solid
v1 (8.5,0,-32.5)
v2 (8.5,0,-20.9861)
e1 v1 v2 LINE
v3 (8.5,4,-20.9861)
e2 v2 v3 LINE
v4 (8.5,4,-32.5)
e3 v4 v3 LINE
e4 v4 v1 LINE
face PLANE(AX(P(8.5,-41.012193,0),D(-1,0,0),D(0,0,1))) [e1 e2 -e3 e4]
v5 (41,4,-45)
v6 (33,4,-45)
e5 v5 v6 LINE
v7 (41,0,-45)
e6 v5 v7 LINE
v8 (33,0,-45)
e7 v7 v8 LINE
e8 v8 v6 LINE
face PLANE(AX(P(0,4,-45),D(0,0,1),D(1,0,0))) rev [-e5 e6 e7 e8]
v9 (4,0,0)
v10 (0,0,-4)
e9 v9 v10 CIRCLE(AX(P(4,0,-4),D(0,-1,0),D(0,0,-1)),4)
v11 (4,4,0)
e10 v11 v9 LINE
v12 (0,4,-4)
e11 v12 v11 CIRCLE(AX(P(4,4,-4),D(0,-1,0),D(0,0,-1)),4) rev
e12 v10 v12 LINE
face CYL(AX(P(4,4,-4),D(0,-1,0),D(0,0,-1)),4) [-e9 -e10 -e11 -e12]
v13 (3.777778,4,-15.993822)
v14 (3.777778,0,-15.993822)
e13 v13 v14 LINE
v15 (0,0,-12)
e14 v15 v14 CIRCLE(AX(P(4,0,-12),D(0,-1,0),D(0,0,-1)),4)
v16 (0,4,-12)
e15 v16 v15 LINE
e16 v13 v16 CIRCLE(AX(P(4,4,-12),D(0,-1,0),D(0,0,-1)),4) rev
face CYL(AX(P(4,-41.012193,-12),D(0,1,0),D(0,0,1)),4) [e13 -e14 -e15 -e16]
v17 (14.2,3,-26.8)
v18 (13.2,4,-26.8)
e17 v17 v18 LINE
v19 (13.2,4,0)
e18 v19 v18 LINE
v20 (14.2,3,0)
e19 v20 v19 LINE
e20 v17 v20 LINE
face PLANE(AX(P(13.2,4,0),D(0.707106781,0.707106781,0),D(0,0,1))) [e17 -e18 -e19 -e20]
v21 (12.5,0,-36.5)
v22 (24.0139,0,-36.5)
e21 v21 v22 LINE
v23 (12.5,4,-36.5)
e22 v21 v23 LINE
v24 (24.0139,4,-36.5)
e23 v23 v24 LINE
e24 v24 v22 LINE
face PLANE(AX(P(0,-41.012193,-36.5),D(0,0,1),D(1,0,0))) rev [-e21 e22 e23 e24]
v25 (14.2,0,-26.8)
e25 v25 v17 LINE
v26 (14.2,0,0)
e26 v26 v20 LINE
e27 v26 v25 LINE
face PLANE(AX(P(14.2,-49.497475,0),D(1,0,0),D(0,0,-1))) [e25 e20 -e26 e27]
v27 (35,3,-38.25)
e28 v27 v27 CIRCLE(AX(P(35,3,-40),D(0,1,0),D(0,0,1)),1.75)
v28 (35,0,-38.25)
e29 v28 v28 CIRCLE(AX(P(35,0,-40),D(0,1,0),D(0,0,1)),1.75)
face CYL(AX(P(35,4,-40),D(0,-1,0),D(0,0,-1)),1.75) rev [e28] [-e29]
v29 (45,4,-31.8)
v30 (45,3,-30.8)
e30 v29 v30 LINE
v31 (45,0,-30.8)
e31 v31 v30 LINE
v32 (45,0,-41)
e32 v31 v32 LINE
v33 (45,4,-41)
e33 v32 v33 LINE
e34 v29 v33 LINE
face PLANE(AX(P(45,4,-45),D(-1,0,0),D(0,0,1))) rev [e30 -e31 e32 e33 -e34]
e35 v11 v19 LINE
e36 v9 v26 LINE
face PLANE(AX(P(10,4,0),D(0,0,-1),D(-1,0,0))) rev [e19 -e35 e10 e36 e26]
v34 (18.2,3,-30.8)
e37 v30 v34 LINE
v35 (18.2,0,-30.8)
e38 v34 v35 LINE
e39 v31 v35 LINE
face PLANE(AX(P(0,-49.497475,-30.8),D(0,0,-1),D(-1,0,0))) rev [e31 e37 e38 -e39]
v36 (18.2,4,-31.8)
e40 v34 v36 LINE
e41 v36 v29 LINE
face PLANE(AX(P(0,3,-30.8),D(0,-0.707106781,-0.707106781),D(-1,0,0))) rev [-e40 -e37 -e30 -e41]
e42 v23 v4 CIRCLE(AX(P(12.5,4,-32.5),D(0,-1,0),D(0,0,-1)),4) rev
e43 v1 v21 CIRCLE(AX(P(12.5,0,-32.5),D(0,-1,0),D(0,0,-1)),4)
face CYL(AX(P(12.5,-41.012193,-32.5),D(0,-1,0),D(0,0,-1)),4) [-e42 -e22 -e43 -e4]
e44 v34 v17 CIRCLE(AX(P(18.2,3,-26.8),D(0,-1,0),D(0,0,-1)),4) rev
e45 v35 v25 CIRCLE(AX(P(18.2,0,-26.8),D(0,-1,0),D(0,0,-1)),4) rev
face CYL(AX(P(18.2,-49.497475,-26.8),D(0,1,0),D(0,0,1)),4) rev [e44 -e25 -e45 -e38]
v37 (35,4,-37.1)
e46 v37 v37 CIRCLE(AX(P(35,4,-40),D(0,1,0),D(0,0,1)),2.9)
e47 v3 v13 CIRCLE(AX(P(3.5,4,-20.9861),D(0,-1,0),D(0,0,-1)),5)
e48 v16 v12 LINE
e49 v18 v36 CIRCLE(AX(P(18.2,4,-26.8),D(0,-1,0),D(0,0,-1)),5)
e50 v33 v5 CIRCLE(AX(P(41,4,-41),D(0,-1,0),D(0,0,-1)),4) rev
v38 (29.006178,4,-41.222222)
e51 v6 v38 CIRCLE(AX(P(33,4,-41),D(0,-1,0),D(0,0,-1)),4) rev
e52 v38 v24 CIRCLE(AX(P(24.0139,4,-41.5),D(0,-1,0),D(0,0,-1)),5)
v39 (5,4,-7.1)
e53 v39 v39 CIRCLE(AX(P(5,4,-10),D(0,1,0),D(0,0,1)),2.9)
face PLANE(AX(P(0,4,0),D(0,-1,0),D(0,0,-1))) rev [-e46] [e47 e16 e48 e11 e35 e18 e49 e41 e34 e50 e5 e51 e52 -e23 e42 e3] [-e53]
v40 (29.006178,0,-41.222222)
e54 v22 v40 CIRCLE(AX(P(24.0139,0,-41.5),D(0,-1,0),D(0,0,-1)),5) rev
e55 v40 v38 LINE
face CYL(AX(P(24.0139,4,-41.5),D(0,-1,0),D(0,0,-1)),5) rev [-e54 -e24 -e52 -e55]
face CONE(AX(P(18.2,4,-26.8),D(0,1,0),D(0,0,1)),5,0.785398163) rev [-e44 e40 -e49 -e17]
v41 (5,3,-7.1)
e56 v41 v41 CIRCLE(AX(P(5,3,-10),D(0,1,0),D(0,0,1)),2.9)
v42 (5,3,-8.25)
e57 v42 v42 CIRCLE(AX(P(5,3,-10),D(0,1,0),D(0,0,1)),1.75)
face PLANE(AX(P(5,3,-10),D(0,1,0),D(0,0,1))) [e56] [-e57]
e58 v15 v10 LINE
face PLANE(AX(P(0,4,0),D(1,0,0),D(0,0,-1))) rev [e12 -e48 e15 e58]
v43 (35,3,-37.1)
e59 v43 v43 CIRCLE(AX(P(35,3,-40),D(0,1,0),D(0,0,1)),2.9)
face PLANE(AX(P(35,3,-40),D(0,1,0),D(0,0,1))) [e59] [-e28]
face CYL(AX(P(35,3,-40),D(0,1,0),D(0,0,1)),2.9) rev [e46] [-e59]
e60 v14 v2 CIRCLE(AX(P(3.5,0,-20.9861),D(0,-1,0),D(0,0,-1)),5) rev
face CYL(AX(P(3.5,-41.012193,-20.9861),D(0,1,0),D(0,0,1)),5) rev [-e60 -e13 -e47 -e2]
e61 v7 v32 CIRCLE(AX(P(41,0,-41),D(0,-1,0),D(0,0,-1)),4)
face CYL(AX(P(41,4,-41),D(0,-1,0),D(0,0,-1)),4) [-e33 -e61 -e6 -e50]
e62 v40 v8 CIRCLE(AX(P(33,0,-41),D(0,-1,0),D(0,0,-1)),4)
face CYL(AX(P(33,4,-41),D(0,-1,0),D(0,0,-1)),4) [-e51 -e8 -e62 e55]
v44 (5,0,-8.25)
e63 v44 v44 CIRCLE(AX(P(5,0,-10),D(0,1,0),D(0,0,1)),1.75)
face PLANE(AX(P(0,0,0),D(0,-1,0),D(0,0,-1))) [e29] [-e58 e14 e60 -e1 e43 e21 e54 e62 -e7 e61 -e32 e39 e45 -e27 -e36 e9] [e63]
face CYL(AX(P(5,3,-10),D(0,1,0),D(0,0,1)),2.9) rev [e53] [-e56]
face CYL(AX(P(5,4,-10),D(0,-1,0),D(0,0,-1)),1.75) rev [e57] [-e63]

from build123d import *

# Parameters (mm, degrees)
CROQUIS1_R              = 1.75
SALIENTE_EXTRUIR1_DEPTH = 4
CROQUIS2_W              = 30.8
CROQUIS2_H              = 4.2
SALIENTE_EXTRUIR2_DEPTH = 4
CROQUIS3_W              = 8.5
CROQUIS3_H              = 20.5
CORTAR_EXTRUIR1_DEPTH   = 4
REDONDEO1_R             = 4
REDONDEO2_R             = 4
CHAFL_N1_SIZE           = 1
CROQUIS4_R              = 2.9
CORTAR_EXTRUIR2_DEPTH   = 1
REDONDEO3_R             = 5


with BuildPart() as part:
    # Croquis1 → Saliente-Extruir1 (new body)
    with BuildSketch(Plane(origin=(0, 0, 0), x_dir=(1, 0, 0), z_dir=(0, 1, 0))):
        Polygon((0, 0), (0, 45), (45, 45), (45, 35), (10, 35), (10, 0), align=None)
        with Locations(Location((35, 40, 0), (0, 0, 270))):
            Circle(CROQUIS1_R, mode=Mode.SUBTRACT)
        with Locations(Location((5, 10, 0), (0, 0, 270))):
            Circle(CROQUIS1_R, mode=Mode.SUBTRACT)
    extrude(amount=SALIENTE_EXTRUIR1_DEPTH)

    # Croquis2 → Saliente-Extruir2 (add)
    with BuildSketch(Plane(origin=(0, 4, 0), x_dir=(1, 0, 0), z_dir=(0, 1, 0))):
        with Locations((29.6, 32.9)):
            Rectangle(CROQUIS2_W, CROQUIS2_H)
        Polygon((10, 35), (10, 0), (14.2, 0), (14.2, 30.8), (14.2, 35), align=None)
    extrude(amount=-SALIENTE_EXTRUIR2_DEPTH)

    # Croquis3 → Cortar-Extruir1 (cut)
    with BuildSketch(Plane(origin=(0, 4, 0), x_dir=(1, 0, 0), z_dir=(0, 1, 0))):
        Polygon((29, 45), (0, 45), (0, 36.5), (8.5, 36.5), (29, 36.5), align=None)
        with Locations((4.25, 26.25)):
            Rectangle(CROQUIS3_W, CROQUIS3_H)
    extrude(amount=-CORTAR_EXTRUIR1_DEPTH, mode=Mode.SUBTRACT)

    # Redondeo1
    redondeo1_edges = [part.edges().sort_by_distance(p)[0] for p in [
        (14.2, 2, -30.8),
        (8.5, 2, -36.5),
    ]]
    fillet(redondeo1_edges, radius=REDONDEO1_R)

    # Redondeo2
    redondeo2_edges = [part.edges().sort_by_distance(p)[0] for p in [
        (0, 2, 0),
        (45, 2, -45),
        (0, 2, -16),
        (29, 2, -45),
    ]]
    fillet(redondeo2_edges, radius=REDONDEO2_R)

    # Chaflán1
    chafl_n1_edges = [part.edges().sort_by_distance(p)[0] for p in [
        (31.6, 4, -30.8),
        (14.2, 4, -13.4),
        (15.371572875, 4, -29.628427125),
    ]]
    chamfer(chafl_n1_edges, length=CHAFL_N1_SIZE)

    # Croquis4 → Cortar-Extruir2 (cut)
    with BuildSketch(Plane(origin=(0, 4, 0), x_dir=(1, 0, 0), z_dir=(0, 1, 0))):
        with Locations(Location((35, 40, 0), (0, 0, 270))):
            Circle(CROQUIS4_R)
        with Locations(Location((5, 10, 0), (0, 0, 270))):
            Circle(CROQUIS4_R)
    extrude(amount=-CORTAR_EXTRUIR2_DEPTH, mode=Mode.SUBTRACT)

    # Redondeo3
    redondeo3_edges = [part.edges().sort_by_distance(p)[0] for p in [
        (8.5, 2, -16),
        (29, 2, -36.5),
    ]]
    fillet(redondeo3_edges, radius=REDONDEO3_R)


solid = part.part
